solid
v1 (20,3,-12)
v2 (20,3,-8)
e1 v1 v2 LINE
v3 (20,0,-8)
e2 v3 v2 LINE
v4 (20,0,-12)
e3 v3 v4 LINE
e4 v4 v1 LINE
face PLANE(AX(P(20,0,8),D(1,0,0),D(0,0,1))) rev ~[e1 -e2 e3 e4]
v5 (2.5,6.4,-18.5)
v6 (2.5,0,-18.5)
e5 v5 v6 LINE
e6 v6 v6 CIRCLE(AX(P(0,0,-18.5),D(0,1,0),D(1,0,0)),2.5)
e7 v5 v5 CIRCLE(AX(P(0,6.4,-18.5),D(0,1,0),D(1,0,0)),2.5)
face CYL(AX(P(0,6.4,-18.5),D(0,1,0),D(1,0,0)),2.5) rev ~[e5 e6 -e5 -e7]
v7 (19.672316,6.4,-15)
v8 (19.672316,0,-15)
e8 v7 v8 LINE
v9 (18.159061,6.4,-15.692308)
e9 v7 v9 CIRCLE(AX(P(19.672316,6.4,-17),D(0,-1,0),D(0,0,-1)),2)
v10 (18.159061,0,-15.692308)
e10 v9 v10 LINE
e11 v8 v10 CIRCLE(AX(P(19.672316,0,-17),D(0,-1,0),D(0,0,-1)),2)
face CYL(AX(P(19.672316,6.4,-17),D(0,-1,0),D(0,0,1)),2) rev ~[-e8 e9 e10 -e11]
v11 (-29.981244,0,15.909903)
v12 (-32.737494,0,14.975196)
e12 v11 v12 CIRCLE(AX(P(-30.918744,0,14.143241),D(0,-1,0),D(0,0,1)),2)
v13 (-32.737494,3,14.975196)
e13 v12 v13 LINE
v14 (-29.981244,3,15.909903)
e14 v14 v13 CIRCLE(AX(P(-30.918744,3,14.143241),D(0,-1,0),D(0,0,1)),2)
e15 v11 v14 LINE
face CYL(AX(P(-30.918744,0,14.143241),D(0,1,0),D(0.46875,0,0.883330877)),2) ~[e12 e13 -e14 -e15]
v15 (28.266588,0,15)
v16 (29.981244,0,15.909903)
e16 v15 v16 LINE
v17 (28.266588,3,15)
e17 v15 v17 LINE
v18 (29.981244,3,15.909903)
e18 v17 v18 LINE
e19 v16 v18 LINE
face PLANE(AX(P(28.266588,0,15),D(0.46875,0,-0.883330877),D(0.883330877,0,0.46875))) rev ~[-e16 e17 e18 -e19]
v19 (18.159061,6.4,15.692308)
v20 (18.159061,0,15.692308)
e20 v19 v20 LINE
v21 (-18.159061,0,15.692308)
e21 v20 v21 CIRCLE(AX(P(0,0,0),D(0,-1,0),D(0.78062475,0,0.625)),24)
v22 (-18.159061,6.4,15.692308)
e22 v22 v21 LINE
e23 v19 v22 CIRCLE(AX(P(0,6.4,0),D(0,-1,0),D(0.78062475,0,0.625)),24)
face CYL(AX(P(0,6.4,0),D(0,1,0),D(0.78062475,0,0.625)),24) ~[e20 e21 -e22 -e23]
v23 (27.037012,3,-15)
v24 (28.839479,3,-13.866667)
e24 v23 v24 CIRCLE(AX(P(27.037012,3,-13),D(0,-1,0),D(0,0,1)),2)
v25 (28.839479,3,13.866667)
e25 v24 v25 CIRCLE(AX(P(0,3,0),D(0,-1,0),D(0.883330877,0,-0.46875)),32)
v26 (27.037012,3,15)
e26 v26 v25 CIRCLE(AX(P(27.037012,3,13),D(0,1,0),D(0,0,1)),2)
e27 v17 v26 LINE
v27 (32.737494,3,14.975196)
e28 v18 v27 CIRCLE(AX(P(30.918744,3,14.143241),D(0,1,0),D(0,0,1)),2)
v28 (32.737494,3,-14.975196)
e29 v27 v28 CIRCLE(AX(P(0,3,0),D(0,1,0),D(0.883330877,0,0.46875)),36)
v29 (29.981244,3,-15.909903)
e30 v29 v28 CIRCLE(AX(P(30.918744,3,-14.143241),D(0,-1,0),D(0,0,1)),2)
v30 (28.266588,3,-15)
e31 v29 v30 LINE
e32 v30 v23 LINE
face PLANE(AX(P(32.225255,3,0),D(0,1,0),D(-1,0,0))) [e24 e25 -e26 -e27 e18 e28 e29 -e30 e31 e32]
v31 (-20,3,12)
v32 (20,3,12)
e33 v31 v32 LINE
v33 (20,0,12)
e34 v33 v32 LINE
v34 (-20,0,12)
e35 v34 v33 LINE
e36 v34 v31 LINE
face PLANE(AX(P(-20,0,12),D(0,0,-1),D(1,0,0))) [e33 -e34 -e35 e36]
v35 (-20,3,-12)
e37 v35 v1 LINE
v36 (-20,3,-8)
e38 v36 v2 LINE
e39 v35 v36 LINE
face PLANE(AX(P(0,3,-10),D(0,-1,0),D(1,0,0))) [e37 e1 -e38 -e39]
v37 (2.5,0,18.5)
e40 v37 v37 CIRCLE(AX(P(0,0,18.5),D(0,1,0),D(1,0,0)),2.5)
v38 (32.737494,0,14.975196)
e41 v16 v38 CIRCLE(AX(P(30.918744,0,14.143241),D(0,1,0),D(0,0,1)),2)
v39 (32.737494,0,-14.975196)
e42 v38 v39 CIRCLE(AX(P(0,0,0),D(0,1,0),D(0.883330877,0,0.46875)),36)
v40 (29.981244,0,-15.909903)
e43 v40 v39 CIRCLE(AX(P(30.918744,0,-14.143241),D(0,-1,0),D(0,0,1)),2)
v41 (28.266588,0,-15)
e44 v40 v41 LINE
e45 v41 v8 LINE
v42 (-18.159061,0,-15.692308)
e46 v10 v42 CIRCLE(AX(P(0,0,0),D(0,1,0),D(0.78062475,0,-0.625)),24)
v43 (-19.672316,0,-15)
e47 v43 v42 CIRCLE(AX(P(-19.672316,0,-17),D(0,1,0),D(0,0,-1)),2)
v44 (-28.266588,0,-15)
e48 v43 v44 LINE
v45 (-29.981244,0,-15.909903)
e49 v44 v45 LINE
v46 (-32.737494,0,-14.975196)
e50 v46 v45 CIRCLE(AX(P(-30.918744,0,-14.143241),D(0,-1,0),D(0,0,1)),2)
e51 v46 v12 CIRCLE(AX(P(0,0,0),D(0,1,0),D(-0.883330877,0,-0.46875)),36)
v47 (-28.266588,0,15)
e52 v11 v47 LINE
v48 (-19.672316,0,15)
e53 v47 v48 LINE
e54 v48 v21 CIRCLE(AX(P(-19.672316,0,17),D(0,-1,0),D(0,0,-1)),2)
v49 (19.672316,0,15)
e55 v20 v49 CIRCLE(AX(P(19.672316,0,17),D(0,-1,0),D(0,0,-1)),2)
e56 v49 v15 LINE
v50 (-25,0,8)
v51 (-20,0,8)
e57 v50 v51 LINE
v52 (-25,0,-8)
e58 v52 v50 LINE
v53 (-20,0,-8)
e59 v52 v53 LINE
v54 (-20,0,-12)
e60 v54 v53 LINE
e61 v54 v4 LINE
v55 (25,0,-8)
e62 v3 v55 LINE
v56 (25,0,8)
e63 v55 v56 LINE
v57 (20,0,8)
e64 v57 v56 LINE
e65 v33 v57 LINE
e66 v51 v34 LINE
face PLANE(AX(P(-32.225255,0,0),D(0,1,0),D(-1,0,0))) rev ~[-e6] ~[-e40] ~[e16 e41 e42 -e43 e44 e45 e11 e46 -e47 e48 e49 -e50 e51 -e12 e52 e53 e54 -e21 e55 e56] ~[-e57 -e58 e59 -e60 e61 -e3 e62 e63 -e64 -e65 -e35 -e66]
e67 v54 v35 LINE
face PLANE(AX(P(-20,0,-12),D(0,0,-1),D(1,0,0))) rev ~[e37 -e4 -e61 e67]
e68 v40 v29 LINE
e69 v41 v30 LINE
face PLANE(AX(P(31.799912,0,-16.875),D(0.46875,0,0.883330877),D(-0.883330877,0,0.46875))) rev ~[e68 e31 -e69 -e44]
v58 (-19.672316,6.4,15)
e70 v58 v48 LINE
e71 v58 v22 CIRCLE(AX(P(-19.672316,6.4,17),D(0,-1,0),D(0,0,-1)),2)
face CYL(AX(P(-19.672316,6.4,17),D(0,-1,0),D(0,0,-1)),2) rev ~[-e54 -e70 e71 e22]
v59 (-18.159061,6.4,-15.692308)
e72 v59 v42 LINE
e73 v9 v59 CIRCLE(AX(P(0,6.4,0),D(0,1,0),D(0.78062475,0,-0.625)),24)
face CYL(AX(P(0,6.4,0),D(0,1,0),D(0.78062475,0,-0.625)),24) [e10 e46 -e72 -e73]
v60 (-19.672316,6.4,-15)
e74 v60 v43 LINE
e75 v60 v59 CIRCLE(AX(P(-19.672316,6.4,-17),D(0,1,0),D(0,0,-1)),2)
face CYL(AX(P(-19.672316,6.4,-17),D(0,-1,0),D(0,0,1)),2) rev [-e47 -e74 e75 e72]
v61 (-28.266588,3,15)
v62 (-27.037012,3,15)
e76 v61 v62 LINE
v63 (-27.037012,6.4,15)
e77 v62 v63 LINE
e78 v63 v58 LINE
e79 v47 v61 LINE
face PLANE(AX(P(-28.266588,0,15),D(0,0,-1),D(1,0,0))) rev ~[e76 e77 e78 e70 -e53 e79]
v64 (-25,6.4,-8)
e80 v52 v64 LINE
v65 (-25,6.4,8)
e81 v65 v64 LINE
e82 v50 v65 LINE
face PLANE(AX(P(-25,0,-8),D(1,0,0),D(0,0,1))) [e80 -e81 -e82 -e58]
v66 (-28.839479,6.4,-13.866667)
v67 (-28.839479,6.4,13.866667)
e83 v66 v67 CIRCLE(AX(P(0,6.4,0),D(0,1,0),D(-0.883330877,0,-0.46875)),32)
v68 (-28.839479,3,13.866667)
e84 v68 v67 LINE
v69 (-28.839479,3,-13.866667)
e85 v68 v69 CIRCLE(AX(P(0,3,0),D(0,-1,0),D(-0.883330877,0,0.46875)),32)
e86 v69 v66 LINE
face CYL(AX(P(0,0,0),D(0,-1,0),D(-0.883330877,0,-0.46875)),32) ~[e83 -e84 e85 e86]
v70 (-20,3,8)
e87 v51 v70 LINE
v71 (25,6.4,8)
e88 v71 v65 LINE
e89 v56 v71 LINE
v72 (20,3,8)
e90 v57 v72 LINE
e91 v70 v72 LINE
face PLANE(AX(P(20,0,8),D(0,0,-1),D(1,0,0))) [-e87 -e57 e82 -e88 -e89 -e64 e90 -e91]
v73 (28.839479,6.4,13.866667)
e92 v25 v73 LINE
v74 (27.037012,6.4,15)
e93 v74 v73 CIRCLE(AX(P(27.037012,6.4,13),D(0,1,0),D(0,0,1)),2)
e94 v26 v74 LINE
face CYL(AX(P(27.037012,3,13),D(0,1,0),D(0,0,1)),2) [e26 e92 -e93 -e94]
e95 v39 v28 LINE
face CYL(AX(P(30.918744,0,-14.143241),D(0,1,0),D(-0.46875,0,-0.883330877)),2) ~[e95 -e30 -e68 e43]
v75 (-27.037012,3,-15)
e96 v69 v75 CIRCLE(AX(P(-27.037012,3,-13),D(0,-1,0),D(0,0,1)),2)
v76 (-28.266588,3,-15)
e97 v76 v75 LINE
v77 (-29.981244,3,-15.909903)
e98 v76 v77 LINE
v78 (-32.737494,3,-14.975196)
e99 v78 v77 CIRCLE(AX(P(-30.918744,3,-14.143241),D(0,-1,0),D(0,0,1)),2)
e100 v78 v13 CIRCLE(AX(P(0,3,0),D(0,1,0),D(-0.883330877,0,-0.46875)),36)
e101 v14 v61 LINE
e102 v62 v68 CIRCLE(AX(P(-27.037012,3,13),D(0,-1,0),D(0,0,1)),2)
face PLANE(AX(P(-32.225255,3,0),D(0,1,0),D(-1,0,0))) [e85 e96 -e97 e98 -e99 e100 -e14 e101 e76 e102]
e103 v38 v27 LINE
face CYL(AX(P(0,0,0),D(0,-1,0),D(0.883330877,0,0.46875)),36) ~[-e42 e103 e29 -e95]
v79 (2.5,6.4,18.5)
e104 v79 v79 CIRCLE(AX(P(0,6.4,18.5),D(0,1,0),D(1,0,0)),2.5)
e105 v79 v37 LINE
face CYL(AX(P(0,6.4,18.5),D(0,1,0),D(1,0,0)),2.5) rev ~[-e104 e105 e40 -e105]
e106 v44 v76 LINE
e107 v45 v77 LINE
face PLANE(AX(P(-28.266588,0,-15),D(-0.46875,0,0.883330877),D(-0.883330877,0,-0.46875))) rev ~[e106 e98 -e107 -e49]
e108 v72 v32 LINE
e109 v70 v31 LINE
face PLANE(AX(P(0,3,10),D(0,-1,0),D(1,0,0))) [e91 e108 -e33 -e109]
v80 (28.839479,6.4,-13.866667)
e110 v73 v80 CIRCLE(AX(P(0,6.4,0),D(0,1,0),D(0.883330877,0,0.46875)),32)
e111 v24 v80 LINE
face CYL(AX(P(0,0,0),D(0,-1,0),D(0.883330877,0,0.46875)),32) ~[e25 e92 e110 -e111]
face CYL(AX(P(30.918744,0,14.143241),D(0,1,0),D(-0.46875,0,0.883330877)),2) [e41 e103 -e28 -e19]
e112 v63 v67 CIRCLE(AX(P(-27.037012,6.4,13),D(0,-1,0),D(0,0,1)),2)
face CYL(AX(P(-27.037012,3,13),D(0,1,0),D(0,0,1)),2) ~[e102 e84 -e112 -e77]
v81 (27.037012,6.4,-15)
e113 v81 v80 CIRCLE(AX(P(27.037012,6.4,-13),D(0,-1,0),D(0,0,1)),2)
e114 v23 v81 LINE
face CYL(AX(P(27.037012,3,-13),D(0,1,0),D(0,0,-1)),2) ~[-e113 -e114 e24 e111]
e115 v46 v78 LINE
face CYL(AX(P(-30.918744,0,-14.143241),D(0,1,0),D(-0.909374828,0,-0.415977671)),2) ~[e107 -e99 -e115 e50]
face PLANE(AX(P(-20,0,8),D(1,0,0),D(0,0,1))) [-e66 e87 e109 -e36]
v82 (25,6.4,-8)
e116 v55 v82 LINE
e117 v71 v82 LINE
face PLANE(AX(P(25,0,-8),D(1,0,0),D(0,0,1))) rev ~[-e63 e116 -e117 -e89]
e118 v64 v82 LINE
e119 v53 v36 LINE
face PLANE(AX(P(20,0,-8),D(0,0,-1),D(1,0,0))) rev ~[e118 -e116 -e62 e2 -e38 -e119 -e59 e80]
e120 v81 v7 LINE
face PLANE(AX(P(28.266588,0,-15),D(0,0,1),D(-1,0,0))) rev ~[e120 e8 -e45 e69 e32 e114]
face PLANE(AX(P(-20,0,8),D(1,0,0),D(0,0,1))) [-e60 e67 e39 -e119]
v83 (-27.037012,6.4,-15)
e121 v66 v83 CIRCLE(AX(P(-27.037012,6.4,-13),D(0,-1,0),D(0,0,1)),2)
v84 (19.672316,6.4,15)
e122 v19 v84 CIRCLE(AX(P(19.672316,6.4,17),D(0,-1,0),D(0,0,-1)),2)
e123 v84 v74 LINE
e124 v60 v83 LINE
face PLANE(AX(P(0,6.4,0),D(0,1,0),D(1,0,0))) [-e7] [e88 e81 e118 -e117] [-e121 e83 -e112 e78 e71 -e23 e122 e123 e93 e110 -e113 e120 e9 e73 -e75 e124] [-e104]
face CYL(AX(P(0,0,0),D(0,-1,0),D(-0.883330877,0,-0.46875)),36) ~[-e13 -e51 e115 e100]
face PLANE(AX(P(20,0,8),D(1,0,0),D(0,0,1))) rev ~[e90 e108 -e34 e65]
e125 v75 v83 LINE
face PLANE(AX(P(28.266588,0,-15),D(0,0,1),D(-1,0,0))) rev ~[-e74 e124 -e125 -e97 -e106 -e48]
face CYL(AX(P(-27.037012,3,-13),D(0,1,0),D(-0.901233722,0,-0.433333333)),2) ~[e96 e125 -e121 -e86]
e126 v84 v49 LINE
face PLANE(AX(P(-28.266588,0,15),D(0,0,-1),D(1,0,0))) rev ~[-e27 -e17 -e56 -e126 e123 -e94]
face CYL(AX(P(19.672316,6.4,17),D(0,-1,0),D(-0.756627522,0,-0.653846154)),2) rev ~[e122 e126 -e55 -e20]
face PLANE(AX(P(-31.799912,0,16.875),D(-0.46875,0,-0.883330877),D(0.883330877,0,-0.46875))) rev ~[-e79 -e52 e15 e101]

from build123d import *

# Parameters (mm, degrees)
SKETCH1_W           = 40
SKETCH1_H           = 16
BOSS_EXTRUDE1_DEPTH = 6.4
SKETCH2_W           = 40
SKETCH2_H           = 4
CUT_EXTRUDE1_DEPTH  = 3
SKETCH3_W           = 5
SKETCH3_H           = 16
CUT_EXTRUDE2_DEPTH  = 7.4
BOSS_EXTRUDE2_DEPTH = 6.4
BOSS_EXTRUDE3_DEPTH = 3
FILLET1_R           = 2
SKETCH7_R           = 2.5
CUT_EXTRUDE3_DEPTH  = 7.4


with BuildPart() as part:
    # Sketch1 → Boss-Extrude1 (new body)
    with BuildSketch(Plane(origin=(0, 0, 0), x_dir=(1, 0, 0), z_dir=(0, 1, 0))):
        with BuildLine():
            Line((28.26658805, 15), (-28.26658805, 15))
            ThreePointArc((-28.26658805, 15), (-32, 0), (-28.26658805, -15))
            Line((-28.26658805, -15), (28.26658805, -15))
            ThreePointArc((28.26658805, -15), (32, 0), (28.26658805, 15))
        make_face()
        Rectangle(SKETCH1_W, SKETCH1_H, mode=Mode.SUBTRACT)
    extrude(amount=BOSS_EXTRUDE1_DEPTH)

    # Sketch2 → Cut-Extrude1 (cut)
    with BuildSketch(Plane.XZ):
        with Locations((0, 10)):
            Rectangle(SKETCH2_W, SKETCH2_H)
        with Locations((0, -10)):
            Rectangle(SKETCH2_W, SKETCH2_H)
    extrude(amount=-CUT_EXTRUDE1_DEPTH, mode=Mode.SUBTRACT)

    # Sketch3 → Cut-Extrude2 (cut, through all)
    with BuildSketch(Plane.XZ):
        with Locations((-22.5, 0)):
            Rectangle(SKETCH3_W, SKETCH3_H)
        with Locations((22.5, 0)):
            Rectangle(SKETCH3_W, SKETCH3_H)
    extrude(amount=-CUT_EXTRUDE2_DEPTH, mode=Mode.SUBTRACT)

    # Sketch5 → Boss-Extrude2 (add)
    with BuildSketch(Plane(origin=(0, 6.4, 0), x_dir=(1, 0, 0), z_dir=(0, 1, 0))):
        with BuildLine():
            Line((-18.734993995, -15), (18.734993995, -15))
            ThreePointArc((18.734993995, -15), (0, -24), (-18.734993995, -15))
        make_face()
        with BuildLine():
            Line((-18.734993995, 15), (18.734993995, 15))
            ThreePointArc((18.734993995, 15), (0, 24), (-18.734993995, 15))
        make_face()
    extrude(amount=-BOSS_EXTRUDE2_DEPTH)

    # Sketch6 → Boss-Extrude3 (add)
    with BuildSketch(Plane.XZ):
        with BuildLine():
            Line((-31.799911556, 16.875), (-28.26658805, 15))
            ThreePointArc((-28.26658805, 15), (-32, 0), (-28.26658805, -15))
            Line((-28.26658805, -15), (-31.799911556, -16.875))
            ThreePointArc((-31.799911556, -16.875), (-36, 0), (-31.799911556, 16.875))
        make_face()
        with BuildLine():
            ThreePointArc((31.799911556, 16.875), (36, 0), (31.799911556, -16.875))
            Line((31.799911556, -16.875), (28.26658805, -15))
            ThreePointArc((28.26658805, -15), (32, 0), (28.26658805, 15))
            Line((28.26658805, 15), (31.799911556, 16.875))
        make_face()
    extrude(amount=-BOSS_EXTRUDE3_DEPTH)

    # Fillet1
    fillet1_edges = [part.edges().sort_by_distance(p)[0] for p in [
        (-31.799911556, 1.5, 16.875),
        (-31.799911556, 1.5, -16.875),
        (31.799911556, 1.5, 16.875),
        (31.799911556, 1.5, -16.875),
        (28.26658805, 4.7, 15),
        (-28.26658805, 4.7, 15),
        (-28.26658805, 4.7, -15),
        (28.26658805, 4.7, -15),
        (-18.734993995, 3.2, 15),
        (18.734993995, 3.2, 15),
        (18.734993995, 3.2, -15),
        (-18.734993995, 3.2, -15),
    ]]
    fillet(fillet1_edges, radius=FILLET1_R)

    # Sketch7 → Cut-Extrude3 (cut, through all)
    with BuildSketch(Plane(origin=(0, 6.4, 0), x_dir=(1, 0, 0), z_dir=(0, 1, 0))):
        with Locations((0, 18.5)):
            Circle(SKETCH7_R)
        with Locations((0, -18.5)):
            Circle(SKETCH7_R)
    extrude(amount=-CUT_EXTRUDE3_DEPTH, mode=Mode.SUBTRACT)


solid = part.part
